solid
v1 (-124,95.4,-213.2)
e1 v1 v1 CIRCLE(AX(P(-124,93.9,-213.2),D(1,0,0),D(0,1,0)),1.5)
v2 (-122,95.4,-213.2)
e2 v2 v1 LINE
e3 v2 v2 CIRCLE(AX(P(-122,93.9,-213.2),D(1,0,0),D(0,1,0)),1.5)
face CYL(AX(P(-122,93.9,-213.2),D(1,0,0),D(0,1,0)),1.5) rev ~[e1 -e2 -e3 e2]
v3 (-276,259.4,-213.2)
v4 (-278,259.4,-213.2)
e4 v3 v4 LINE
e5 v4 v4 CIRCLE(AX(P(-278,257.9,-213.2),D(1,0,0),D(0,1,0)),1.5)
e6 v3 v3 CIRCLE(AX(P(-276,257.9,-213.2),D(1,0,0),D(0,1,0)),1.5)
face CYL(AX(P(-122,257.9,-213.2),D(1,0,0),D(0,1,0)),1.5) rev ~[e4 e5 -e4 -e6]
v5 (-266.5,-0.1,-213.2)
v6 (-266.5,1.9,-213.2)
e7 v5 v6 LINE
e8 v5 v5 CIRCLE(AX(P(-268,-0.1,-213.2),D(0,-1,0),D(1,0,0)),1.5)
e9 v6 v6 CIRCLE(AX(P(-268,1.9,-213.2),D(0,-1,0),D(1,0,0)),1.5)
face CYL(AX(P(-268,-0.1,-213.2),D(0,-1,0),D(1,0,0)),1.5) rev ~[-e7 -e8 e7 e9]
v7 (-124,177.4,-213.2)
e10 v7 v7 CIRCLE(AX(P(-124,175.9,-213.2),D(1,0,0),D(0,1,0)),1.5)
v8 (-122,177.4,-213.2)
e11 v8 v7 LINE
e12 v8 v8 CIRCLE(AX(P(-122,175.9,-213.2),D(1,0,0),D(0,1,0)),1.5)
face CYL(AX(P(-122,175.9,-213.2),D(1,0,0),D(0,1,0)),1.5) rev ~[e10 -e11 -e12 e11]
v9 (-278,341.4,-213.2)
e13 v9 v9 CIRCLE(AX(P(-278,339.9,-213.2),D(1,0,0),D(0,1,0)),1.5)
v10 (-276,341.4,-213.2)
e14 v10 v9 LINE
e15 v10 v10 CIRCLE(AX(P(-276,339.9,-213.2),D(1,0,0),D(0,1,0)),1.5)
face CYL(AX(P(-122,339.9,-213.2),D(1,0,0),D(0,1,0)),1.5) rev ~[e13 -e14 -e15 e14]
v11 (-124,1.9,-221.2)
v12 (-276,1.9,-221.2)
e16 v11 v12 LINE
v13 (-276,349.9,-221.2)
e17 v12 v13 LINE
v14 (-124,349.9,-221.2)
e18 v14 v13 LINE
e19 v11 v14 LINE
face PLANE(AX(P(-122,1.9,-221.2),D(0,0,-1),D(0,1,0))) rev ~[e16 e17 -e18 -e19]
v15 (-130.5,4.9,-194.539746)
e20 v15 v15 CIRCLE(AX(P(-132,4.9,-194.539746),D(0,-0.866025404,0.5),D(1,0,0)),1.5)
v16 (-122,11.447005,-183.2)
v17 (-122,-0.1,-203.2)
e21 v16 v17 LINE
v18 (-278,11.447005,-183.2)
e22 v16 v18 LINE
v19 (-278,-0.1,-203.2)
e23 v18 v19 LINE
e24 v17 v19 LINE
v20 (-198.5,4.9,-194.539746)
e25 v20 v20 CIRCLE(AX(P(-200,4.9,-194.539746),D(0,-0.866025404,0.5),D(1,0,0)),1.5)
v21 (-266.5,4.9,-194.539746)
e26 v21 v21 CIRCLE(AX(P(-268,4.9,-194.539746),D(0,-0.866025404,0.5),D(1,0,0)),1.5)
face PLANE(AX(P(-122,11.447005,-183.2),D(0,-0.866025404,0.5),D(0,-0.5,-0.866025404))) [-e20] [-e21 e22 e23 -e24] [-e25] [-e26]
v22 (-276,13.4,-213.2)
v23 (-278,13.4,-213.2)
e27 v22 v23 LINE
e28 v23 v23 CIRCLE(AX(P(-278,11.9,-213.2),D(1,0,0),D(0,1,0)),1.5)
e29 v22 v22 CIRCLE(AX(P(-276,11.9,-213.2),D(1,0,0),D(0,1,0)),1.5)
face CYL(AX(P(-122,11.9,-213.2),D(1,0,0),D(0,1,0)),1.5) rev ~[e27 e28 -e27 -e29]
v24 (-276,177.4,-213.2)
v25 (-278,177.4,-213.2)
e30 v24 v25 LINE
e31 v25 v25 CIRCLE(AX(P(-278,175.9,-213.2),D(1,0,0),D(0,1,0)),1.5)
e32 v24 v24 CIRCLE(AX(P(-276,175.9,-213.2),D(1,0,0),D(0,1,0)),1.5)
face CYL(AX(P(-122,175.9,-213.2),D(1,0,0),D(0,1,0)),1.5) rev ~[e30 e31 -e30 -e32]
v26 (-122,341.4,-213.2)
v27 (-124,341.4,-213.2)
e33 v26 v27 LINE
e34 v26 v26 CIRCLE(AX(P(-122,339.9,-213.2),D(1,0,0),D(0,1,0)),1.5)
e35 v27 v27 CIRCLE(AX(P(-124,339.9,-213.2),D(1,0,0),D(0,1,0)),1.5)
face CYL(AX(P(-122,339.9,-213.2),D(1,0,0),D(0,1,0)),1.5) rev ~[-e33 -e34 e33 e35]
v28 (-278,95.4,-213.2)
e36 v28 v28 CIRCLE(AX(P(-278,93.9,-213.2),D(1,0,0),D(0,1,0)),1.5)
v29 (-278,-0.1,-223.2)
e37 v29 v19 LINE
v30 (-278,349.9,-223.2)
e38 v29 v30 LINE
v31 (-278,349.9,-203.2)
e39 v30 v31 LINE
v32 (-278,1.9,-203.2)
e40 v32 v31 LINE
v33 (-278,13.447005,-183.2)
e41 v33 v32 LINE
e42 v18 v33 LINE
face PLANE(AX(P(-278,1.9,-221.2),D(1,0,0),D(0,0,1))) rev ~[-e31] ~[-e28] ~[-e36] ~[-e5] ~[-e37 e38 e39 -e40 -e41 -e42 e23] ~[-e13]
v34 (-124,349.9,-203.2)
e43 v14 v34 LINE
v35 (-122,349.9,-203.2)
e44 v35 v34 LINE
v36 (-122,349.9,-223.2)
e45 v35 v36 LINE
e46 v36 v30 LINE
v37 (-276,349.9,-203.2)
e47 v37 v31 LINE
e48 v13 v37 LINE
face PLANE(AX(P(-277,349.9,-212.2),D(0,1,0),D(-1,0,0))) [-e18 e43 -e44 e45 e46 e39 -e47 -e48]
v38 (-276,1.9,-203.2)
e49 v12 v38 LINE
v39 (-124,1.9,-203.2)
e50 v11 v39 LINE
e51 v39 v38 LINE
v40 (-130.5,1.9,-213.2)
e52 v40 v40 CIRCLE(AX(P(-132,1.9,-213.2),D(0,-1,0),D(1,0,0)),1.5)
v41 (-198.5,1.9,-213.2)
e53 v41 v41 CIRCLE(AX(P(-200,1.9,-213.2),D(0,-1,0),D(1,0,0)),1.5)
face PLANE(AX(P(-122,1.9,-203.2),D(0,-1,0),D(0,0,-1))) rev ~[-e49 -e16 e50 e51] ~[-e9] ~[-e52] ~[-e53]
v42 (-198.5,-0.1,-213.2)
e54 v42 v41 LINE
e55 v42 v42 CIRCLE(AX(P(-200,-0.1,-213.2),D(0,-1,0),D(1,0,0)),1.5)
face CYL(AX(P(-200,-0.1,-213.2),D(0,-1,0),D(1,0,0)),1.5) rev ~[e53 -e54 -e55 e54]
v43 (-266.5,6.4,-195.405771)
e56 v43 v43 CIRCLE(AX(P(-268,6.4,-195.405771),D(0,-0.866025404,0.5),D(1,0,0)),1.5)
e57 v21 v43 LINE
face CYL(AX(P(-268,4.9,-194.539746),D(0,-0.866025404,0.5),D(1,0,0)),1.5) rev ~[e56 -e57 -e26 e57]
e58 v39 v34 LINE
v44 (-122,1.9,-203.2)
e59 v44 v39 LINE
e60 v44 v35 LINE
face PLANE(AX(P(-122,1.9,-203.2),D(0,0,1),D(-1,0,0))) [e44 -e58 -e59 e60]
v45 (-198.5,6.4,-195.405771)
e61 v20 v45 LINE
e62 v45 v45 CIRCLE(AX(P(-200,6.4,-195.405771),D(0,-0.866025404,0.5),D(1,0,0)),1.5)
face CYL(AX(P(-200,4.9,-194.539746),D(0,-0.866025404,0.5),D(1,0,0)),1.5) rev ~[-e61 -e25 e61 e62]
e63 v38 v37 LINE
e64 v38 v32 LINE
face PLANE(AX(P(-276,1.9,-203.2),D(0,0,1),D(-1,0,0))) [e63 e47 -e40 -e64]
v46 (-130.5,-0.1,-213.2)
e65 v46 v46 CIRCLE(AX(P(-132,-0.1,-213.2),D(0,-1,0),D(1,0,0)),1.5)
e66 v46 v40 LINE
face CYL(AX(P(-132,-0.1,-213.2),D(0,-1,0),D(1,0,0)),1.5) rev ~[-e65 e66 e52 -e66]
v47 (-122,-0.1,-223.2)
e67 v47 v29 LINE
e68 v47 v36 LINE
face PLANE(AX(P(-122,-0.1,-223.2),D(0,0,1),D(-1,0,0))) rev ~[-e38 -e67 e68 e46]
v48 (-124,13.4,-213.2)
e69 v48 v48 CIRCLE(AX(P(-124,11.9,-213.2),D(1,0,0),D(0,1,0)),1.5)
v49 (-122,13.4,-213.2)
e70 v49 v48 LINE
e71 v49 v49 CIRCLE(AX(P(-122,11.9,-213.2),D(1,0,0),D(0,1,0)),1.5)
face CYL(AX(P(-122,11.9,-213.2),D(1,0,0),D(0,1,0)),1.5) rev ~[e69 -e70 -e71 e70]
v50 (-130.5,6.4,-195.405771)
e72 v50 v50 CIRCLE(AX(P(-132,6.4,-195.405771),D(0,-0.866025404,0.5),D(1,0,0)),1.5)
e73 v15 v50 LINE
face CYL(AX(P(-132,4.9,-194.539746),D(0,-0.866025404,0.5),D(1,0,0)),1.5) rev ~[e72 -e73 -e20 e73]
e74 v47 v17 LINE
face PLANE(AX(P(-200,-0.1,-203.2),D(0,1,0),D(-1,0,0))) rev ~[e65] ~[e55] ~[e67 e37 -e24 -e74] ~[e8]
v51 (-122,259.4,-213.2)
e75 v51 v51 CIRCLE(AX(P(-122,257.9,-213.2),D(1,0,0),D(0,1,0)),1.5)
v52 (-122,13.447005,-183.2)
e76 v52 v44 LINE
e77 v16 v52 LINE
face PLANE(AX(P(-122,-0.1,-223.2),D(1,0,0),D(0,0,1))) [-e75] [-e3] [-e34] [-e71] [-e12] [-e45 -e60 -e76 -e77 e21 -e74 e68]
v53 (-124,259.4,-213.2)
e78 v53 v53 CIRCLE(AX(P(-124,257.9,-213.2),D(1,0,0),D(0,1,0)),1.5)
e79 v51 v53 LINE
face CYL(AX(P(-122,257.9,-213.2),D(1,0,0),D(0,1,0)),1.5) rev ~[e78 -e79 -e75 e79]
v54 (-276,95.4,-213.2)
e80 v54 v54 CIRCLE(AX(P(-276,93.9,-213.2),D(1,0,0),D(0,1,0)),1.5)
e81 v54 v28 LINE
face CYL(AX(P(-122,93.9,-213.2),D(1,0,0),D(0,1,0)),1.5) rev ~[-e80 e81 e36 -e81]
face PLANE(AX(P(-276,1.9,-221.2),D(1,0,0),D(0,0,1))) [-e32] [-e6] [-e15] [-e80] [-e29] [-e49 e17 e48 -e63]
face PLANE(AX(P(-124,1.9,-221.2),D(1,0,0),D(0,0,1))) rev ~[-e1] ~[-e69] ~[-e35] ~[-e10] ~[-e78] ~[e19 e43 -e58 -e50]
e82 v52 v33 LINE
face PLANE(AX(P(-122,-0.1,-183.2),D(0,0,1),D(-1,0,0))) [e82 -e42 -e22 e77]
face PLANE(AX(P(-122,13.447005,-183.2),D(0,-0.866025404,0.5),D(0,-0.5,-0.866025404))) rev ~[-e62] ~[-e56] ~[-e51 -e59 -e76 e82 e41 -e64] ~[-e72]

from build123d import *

# Parameters (mm, degrees)
SKETCH057_W     = 156
SKETCH057_H     = 40
PAD017_DEPTH    = 350
POCKET035_DEPTH = 156.001
SKETCH059_R     = 1.5
POCKET036_DEPTH = 5
SKETCH060_R     = 1.5
POCKET037_DEPTH = 5
SKETCH061_W     = 2
SKETCH061_H     = 18
PAD018_DEPTH    = 348
SKETCH062_R     = 1.5
POCKET038_DEPTH = 156.001


with BuildPart() as part:
    # Sketch057 (on Face1 of Binder015) → Pad017 (new body)
    with BuildSketch(Plane(origin=(0, -0.1, 0), x_dir=(-1, 0, 0), z_dir=(0, 1, 0))):
        with Locations((200, -203.2)):
            Rectangle(SKETCH057_W, SKETCH057_H)
    extrude(amount=PAD017_DEPTH)

    # Sketch058 (on Face4 of Binder015) → Pocket035 (cut, through all)
    with BuildSketch(Plane(origin=(-122, 0, 0), x_dir=(0, -1, 0), z_dir=(-1, 0, 0))):
        Polygon((-13.4470053838, -183.2), (-1.9, -203.2), (-1.9, -221.2), (-349.9, -221.2), (-349.9, -183.2), align=None)
        Polygon((0.1, -183.2), (-11.4470053838, -183.2), (0.1, -203.2), align=None)
    extrude(amount=POCKET035_DEPTH, mode=Mode.SUBTRACT)

    # Sketch059 (on Face6 of Pocket035) → Pocket036 (cut)
    with BuildSketch(Plane(origin=(0, 87.9131810245, -50.7566987298), x_dir=(1, 0, 0), z_dir=(0, -0.8660254038, 0.5))):
        with Locations((-200, -166.026362)):
            Circle(SKETCH059_R)
        with Locations((-268, -166.026362)):
            Circle(SKETCH059_R)
        with Locations((-132, -166.026362)):
            Circle(SKETCH059_R)
    extrude(amount=-POCKET036_DEPTH, mode=Mode.SUBTRACT)

    # Sketch060 (on Face4 of Pocket036) → Pocket037 (cut)
    with BuildSketch(Plane.XZ.offset(0.1)):
        with Locations((-200, -213.2)):
            Circle(SKETCH060_R)
        with Locations((-268, -213.2)):
            Circle(SKETCH060_R)
        with Locations((-132, -213.2)):
            Circle(SKETCH060_R)
    extrude(amount=-POCKET037_DEPTH, mode=Mode.SUBTRACT)

    # Sketch061 (on Face8 of Pocket037) → Pad018 (join)
    with BuildSketch(Plane(origin=(0, 1.9, 0), x_dir=(-1, 0, 0), z_dir=(0, 1, 0))):
        with Locations((277, -212.2)):
            Rectangle(SKETCH061_W, SKETCH061_H)
        with Locations((123, -212.2)):
            Rectangle(SKETCH061_W, SKETCH061_H)
    extrude(amount=PAD018_DEPTH)

    # Sketch062 (on Face18 of Pad018) → Pocket038 (cut, through all)
    with BuildSketch(Plane.YZ.offset(-122)):
        with Locations((257.9, -213.2)):
            Circle(SKETCH062_R)
        with Locations((339.9, -213.2)):
            Circle(SKETCH062_R)
        with Locations((175.9, -213.2)):
            Circle(SKETCH062_R)
        with Locations((93.9, -213.2)):
            Circle(SKETCH062_R)
        with Locations((11.9, -213.2)):
            Circle(SKETCH062_R)
    extrude(amount=-POCKET038_DEPTH, mode=Mode.SUBTRACT)


solid = part.part
